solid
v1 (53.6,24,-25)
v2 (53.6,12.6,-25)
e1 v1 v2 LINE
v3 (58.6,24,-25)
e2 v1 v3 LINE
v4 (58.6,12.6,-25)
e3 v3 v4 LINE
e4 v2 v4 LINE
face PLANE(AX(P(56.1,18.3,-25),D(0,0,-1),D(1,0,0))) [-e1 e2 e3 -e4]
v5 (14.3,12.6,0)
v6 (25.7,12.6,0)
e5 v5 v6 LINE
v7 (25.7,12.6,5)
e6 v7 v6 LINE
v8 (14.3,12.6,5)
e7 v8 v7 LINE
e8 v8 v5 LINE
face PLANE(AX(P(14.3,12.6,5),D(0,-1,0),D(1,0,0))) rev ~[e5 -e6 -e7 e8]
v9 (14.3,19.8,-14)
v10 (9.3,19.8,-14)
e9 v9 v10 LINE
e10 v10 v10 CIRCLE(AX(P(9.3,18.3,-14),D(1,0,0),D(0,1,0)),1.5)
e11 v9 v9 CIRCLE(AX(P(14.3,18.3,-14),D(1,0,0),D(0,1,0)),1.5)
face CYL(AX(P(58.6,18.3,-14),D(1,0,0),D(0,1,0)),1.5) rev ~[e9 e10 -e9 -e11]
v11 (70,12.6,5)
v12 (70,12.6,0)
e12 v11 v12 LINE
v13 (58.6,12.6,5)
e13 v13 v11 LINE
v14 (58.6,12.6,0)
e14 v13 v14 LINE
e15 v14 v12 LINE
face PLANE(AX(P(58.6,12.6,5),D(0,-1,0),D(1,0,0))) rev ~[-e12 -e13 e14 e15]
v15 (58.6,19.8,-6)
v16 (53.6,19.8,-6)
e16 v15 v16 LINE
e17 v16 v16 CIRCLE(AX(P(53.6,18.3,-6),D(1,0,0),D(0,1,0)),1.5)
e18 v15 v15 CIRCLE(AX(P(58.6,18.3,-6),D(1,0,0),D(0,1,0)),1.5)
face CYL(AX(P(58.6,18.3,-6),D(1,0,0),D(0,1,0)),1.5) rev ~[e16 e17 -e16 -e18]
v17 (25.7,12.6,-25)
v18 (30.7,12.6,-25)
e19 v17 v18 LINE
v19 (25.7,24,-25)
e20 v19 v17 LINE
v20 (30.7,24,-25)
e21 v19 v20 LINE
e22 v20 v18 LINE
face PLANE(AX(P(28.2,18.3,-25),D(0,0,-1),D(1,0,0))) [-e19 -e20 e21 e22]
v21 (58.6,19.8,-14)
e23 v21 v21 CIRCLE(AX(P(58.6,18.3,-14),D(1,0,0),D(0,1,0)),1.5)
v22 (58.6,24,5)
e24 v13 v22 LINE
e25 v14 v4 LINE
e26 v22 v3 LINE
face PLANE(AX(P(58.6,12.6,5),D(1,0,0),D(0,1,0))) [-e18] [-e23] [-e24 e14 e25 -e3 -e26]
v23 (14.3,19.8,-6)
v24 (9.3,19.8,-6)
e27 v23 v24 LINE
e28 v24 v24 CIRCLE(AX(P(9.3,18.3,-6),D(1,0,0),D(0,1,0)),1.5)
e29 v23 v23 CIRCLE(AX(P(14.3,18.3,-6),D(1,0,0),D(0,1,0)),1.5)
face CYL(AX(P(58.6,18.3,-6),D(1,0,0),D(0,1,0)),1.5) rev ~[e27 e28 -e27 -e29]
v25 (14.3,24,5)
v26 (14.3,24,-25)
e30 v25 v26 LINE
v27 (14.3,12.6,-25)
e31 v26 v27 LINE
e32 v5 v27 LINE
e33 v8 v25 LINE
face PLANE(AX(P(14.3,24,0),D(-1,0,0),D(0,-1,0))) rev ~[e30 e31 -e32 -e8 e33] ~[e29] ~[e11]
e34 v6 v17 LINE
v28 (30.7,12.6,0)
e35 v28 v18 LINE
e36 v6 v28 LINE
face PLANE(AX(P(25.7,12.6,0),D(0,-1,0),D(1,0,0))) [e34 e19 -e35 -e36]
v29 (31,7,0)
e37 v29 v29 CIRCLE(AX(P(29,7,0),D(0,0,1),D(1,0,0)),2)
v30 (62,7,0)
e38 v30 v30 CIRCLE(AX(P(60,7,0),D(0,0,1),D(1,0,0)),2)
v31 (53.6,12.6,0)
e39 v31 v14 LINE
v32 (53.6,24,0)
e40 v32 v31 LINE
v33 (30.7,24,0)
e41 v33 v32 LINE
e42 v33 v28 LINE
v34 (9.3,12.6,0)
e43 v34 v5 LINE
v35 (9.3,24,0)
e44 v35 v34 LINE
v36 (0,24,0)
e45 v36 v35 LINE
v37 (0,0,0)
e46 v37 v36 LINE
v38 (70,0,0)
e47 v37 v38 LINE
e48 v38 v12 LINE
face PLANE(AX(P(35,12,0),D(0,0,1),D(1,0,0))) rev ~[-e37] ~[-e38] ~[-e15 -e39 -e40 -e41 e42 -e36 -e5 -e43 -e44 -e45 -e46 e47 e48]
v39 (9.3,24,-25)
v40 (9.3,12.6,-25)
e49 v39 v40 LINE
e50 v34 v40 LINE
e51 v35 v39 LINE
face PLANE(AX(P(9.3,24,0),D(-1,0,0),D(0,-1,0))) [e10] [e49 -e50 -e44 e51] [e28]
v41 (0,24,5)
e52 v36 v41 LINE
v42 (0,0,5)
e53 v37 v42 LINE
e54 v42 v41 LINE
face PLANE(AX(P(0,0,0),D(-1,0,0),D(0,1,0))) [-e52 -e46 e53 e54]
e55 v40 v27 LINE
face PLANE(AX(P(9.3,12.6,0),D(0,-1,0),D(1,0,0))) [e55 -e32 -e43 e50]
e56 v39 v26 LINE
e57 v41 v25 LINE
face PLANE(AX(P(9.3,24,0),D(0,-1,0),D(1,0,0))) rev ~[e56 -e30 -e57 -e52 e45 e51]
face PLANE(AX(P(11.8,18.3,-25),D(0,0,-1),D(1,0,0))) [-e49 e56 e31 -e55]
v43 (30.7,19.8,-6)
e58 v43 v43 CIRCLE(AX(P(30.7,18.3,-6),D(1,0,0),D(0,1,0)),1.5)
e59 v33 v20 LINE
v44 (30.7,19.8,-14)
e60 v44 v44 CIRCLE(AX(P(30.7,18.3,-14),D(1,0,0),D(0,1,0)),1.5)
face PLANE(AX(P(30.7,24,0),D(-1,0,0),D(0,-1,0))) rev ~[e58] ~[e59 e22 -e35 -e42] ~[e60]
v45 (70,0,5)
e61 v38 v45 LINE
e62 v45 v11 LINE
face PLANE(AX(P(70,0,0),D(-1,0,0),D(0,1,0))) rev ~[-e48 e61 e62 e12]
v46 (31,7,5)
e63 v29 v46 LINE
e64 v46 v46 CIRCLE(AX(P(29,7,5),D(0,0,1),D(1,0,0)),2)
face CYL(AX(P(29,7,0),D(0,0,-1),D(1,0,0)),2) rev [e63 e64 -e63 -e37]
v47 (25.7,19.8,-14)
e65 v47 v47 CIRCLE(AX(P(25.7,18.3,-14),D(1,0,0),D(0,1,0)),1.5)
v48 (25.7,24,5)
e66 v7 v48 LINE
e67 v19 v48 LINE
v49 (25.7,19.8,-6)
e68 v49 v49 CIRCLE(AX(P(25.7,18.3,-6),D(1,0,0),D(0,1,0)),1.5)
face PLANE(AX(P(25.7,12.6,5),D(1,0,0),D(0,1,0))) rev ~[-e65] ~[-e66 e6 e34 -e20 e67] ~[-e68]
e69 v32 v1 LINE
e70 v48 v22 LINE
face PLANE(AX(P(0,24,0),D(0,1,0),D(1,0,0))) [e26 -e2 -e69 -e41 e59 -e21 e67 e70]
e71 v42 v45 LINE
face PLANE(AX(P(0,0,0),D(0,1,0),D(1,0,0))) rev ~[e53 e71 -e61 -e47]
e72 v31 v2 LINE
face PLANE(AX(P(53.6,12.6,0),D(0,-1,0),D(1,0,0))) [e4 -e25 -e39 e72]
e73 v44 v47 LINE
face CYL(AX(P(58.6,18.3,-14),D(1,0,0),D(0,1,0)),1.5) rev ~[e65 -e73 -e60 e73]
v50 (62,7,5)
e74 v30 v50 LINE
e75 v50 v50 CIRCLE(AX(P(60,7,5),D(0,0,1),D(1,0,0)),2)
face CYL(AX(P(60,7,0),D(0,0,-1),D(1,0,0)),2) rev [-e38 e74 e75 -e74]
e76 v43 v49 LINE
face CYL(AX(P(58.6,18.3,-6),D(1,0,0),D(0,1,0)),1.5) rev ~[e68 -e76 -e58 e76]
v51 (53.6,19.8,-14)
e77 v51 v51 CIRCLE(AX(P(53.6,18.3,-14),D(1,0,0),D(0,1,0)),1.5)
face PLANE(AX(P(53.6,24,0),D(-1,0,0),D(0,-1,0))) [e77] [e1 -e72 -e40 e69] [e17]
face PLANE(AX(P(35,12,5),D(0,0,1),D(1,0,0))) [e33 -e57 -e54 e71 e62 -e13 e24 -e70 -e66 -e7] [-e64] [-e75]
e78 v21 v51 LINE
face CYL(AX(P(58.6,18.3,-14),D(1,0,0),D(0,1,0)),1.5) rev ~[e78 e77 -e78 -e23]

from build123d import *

# Parameters (mm, degrees)
SKETCH_W        = 70
SKETCH_H        = 24
SKETCH_R        = 2
PAD_DEPTH       = 5
SKETCH001_W     = 11.4
SKETCH001_H     = 11.4
POCKET_DEPTH    = 5.001
SKETCH002_W     = 5
SKETCH002_H     = 11.4
PAD001_DEPTH    = 25
SKETCH003_R     = 1.5
POCKET001_DEPTH = 58.601


with BuildPart() as part:
    # Sketch → Pad (new body)
    with BuildSketch(Plane.XY):
        with Locations((35, 12)):
            Rectangle(SKETCH_W, SKETCH_H)
        with Locations((60, 7)):
            Circle(SKETCH_R, mode=Mode.SUBTRACT)
        with Locations((29, 7)):
            Circle(SKETCH_R, mode=Mode.SUBTRACT)
    extrude(amount=PAD_DEPTH)

    # Sketch001 → Pocket (cut, through all)
    with BuildSketch(Plane.XY.offset(5)):
        with Locations((64.3, 18.3)):
            Rectangle(SKETCH001_W, SKETCH001_H)
        with Locations((20, 18.3)):
            Rectangle(SKETCH001_W, SKETCH001_H)
    extrude(amount=-POCKET_DEPTH, mode=Mode.SUBTRACT)

    # Sketch002 → Pad001 (new body)
    with BuildSketch(Plane(origin=(0, 0, 0), x_dir=(1, 0, 0), z_dir=(0, 0, -1))):
        with Locations((11.8, -18.3)):
            Rectangle(SKETCH002_W, SKETCH002_H)
        with Locations((28.2, -18.3)):
            Rectangle(SKETCH002_W, SKETCH002_H)
        with Locations((56.1, -18.3)):
            Rectangle(SKETCH002_W, SKETCH002_H)
    extrude(amount=PAD001_DEPTH)

    # Sketch003 → Pocket001 (cut, through all)
    with BuildSketch(Plane.YZ.offset(58.6)):
        with Locations((18.3, -14)):
            Circle(SKETCH003_R)
        with Locations((18.3, -6)):
            Circle(SKETCH003_R)
    extrude(amount=-POCKET001_DEPTH, mode=Mode.SUBTRACT)


solid = part.part
